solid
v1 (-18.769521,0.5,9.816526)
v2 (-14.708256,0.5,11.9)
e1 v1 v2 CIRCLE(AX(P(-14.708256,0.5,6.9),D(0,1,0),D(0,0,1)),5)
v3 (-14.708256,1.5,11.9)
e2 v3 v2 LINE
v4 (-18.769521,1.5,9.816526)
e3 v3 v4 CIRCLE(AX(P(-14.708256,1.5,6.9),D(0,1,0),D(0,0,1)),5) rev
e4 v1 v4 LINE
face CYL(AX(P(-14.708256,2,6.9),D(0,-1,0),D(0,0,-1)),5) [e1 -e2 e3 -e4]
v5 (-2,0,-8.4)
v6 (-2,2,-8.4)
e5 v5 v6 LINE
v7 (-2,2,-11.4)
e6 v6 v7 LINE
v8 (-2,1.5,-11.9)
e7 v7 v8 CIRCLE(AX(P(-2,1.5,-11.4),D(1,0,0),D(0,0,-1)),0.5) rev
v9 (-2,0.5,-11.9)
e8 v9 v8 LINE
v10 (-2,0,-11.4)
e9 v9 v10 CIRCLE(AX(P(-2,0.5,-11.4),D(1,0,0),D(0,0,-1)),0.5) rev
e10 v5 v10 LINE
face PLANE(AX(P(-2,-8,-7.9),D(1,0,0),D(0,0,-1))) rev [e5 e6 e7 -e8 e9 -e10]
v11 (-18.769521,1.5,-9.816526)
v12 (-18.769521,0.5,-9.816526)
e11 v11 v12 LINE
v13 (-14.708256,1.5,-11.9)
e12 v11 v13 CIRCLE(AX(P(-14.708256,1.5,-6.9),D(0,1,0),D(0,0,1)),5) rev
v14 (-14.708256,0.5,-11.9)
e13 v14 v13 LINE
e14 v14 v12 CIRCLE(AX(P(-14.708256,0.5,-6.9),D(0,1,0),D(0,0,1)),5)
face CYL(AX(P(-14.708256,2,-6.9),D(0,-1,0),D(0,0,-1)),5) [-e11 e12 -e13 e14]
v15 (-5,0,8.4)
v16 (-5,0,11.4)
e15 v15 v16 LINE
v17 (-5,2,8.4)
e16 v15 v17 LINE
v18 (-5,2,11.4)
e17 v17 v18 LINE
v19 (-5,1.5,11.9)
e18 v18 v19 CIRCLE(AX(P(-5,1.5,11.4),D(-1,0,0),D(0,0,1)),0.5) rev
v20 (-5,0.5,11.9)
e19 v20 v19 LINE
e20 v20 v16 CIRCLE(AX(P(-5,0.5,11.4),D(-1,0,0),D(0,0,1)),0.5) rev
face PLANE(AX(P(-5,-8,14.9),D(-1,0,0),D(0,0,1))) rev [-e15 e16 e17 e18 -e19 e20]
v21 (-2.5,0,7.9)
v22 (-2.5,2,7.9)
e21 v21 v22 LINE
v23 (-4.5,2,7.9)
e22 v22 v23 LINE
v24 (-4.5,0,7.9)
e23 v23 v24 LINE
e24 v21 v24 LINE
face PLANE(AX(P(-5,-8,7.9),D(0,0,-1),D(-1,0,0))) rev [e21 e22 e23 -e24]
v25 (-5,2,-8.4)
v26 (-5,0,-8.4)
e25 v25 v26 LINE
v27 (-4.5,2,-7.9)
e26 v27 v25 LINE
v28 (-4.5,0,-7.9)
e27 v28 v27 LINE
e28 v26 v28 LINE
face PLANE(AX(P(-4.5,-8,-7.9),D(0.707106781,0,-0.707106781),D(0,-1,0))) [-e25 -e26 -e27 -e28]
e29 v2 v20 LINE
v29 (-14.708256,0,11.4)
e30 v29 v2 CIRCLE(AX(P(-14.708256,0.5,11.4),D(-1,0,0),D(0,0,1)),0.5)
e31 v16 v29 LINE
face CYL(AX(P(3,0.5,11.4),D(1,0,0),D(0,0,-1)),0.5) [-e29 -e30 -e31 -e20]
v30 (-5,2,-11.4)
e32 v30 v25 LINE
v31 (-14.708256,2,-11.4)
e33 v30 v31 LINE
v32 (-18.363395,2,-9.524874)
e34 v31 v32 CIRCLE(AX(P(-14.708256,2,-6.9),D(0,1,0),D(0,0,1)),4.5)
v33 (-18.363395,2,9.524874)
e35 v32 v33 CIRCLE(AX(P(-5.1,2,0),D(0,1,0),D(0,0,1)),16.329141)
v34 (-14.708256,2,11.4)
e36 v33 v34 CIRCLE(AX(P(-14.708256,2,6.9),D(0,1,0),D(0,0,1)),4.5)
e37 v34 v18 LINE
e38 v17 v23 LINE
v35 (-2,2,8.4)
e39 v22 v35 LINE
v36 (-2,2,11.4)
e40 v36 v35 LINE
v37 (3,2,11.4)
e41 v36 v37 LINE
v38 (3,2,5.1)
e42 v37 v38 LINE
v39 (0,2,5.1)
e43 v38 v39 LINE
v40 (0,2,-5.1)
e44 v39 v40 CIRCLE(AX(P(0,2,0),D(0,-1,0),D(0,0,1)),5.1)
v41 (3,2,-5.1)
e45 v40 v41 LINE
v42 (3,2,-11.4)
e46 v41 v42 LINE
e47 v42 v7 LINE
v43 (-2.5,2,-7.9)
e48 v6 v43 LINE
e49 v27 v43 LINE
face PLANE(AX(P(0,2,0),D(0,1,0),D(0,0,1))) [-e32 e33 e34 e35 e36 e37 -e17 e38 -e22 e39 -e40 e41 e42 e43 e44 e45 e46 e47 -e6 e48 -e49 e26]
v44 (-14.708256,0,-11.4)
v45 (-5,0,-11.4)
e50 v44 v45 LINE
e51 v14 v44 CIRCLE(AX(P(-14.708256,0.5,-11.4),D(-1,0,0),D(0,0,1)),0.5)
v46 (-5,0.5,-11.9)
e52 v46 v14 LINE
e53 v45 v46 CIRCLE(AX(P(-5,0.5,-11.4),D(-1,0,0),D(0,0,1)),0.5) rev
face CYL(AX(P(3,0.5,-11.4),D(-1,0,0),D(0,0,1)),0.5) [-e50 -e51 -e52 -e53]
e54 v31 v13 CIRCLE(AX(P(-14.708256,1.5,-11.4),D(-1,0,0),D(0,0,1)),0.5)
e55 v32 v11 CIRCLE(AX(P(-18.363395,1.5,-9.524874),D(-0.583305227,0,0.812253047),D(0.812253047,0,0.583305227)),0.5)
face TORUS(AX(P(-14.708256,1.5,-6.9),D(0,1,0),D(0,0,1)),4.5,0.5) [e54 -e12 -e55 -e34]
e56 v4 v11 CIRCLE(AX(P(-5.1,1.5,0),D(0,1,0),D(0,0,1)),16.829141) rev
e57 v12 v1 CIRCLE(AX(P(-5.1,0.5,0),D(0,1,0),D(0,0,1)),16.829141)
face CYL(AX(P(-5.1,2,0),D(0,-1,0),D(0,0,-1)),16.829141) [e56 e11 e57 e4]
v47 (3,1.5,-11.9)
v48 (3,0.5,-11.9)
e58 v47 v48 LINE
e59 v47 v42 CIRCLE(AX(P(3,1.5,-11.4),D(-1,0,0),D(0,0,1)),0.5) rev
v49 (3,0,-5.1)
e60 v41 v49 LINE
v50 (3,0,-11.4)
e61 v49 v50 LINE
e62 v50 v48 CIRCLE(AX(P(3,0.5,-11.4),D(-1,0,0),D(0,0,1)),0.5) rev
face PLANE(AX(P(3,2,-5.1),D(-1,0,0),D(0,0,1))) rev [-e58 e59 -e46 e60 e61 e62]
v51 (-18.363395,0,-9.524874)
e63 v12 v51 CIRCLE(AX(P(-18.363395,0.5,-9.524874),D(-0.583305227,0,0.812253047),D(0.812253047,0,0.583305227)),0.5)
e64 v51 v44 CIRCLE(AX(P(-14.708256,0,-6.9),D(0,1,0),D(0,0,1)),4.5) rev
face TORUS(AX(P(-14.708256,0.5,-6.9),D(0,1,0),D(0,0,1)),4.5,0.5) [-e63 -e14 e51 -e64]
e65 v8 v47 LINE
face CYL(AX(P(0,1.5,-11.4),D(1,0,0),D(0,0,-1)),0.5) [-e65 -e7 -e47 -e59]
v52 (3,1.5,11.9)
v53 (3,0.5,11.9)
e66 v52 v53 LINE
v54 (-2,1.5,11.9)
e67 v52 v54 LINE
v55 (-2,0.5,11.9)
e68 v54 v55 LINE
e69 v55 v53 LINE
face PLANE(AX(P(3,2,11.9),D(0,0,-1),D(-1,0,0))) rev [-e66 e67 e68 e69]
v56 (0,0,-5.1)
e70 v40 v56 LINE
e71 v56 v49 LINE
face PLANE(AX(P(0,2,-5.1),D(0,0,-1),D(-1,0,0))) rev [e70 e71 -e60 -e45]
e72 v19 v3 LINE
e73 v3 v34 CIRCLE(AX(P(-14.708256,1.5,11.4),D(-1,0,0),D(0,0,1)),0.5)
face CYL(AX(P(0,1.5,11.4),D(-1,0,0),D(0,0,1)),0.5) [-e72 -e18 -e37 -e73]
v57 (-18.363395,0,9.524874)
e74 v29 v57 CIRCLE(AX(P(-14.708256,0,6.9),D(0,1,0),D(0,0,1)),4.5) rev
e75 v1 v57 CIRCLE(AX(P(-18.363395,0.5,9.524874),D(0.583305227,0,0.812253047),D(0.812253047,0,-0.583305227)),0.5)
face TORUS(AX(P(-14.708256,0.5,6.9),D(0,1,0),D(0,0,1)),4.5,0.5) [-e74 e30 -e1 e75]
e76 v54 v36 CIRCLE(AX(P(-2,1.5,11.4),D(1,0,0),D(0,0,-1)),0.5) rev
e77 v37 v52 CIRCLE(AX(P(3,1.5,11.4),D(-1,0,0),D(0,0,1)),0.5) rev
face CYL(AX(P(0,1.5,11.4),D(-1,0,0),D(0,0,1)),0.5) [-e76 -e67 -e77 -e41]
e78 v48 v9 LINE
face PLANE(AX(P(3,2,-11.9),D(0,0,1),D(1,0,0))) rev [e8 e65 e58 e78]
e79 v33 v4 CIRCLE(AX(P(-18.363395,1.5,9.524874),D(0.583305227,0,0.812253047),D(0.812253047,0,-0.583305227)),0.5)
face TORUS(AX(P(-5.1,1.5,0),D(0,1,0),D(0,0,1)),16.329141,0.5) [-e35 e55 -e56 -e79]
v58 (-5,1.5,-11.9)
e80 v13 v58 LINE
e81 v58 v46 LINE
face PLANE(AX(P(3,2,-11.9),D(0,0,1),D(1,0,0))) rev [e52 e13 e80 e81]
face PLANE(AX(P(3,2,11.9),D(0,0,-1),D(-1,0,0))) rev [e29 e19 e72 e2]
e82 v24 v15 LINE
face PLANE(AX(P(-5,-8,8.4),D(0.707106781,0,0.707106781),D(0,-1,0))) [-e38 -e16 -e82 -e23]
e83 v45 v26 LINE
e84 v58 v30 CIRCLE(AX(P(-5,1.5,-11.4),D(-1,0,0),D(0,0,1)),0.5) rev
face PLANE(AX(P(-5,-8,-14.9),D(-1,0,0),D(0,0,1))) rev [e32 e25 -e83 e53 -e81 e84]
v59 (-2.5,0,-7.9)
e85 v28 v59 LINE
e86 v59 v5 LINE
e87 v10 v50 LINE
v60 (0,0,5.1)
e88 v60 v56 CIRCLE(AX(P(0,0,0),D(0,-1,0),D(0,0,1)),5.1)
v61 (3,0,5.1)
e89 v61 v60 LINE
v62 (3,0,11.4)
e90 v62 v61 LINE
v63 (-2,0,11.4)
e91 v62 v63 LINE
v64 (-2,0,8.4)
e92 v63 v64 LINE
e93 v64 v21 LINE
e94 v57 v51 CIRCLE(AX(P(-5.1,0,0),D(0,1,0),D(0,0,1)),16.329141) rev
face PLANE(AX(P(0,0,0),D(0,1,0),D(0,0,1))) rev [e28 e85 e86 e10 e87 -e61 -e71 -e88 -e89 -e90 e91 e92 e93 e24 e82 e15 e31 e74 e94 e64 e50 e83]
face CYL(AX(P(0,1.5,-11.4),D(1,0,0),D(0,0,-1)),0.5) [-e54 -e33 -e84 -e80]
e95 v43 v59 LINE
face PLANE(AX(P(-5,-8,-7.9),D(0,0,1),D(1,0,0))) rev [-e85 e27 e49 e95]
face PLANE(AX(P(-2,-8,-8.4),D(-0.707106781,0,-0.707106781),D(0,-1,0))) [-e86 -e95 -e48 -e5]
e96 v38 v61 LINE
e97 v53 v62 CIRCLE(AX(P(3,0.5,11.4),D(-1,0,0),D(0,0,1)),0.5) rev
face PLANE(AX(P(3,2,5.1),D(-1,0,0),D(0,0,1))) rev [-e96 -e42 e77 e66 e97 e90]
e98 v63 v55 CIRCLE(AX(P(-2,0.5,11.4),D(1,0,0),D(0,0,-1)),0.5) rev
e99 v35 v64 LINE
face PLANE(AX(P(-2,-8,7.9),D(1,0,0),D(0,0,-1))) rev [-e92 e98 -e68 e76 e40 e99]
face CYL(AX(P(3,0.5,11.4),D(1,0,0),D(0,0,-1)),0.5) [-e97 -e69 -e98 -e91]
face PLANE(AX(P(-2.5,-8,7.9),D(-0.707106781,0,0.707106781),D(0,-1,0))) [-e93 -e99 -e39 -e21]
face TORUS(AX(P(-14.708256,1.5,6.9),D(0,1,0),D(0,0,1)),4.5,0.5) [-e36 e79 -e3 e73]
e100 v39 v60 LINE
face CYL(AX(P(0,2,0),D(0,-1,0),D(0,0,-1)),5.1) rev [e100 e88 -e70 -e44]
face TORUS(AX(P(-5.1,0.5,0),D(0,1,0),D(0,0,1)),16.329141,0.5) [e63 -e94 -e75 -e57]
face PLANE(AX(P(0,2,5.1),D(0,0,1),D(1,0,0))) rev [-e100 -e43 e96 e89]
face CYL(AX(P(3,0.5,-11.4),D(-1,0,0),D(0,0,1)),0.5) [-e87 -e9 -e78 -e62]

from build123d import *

# Parameters (mm, degrees)
BOSS_EXTRUDE1_DEPTH = 2
FILLET2_R           = 5
FILLET1_R           = 0.5
SKETCH2_W           = 3
SKETCH2_H           = 7
CUT_EXTRUDE1_DEPTH  = 10
CHAMFER1_SIZE       = 0.5


with BuildPart() as part:
    # Sketch1 → Boss-Extrude1 (new body)
    with BuildSketch(Plane(origin=(0, 0, 0), x_dir=(1, 0, 0), z_dir=(0, 1, 0))):
        with BuildLine():
            Line((0, 5.1), (3, 5.1))
            Line((3, 5.1), (3, 11.9))
            Line((3, 11.9), (-17, 11.9))
            ThreePointArc((-17, 11.9), (-21.929141392, 0), (-17, -11.9))
            Line((-17, -11.9), (3, -11.9))
            Line((3, -11.9), (3, -5.1))
            Line((3, -5.1), (0, -5.1))
            ThreePointArc((0, -5.1), (-5.1, 0), (0, 5.1))
        make_face()
    extrude(amount=BOSS_EXTRUDE1_DEPTH)

    # Fillet2
    fillet2_edges = [part.edges().sort_by_distance(p)[0] for p in [
        (-17, 1, 11.9),
        (-17, 1, -11.9),
    ]]
    fillet(fillet2_edges, radius=FILLET2_R)

    # Fillet1
    fillet1_edges = [part.edges().sort_by_distance(p)[0] for p in [
        (-5.854128071, 2, -11.9),
        (-5.854128071, 0, 11.9),
        (-5.854128071, 2, 11.9),
        (-21.929141392, 0, 0),
        (-16.990510437, 0, -11.348743118),
        (-16.990510437, 0, 11.348743118),
        (-21.929141392, 2, 0),
        (-16.990510437, 2, -11.348743118),
        (-16.990510437, 2, 11.348743118),
        (-5.854128071, 0, -11.9),
    ]]
    fillet(fillet1_edges, radius=FILLET1_R)

    # Sketch2 → Cut-Extrude1 (cut)
    with BuildSketch(Plane(origin=(0, 2, 0), x_dir=(1, 0, 0), z_dir=(0, 1, 0))):
        with Locations((-3.5, 11.4)):
            Rectangle(SKETCH2_W, SKETCH2_H)
        with Locations((-3.5, -11.4)):
            Rectangle(SKETCH2_W, SKETCH2_H)
    extrude(amount=-CUT_EXTRUDE1_DEPTH, mode=Mode.SUBTRACT)

    # Chamfer1
    chamfer1_edges = [part.edges().sort_by_distance(p)[0] for p in [
        (-2, 1, -7.9),
        (-5, 1, -7.9),
        (-5, 1, 7.9),
        (-2, 1, 7.9),
    ]]
    chamfer(chamfer1_edges, length=CHAMFER1_SIZE)


solid = part.part
